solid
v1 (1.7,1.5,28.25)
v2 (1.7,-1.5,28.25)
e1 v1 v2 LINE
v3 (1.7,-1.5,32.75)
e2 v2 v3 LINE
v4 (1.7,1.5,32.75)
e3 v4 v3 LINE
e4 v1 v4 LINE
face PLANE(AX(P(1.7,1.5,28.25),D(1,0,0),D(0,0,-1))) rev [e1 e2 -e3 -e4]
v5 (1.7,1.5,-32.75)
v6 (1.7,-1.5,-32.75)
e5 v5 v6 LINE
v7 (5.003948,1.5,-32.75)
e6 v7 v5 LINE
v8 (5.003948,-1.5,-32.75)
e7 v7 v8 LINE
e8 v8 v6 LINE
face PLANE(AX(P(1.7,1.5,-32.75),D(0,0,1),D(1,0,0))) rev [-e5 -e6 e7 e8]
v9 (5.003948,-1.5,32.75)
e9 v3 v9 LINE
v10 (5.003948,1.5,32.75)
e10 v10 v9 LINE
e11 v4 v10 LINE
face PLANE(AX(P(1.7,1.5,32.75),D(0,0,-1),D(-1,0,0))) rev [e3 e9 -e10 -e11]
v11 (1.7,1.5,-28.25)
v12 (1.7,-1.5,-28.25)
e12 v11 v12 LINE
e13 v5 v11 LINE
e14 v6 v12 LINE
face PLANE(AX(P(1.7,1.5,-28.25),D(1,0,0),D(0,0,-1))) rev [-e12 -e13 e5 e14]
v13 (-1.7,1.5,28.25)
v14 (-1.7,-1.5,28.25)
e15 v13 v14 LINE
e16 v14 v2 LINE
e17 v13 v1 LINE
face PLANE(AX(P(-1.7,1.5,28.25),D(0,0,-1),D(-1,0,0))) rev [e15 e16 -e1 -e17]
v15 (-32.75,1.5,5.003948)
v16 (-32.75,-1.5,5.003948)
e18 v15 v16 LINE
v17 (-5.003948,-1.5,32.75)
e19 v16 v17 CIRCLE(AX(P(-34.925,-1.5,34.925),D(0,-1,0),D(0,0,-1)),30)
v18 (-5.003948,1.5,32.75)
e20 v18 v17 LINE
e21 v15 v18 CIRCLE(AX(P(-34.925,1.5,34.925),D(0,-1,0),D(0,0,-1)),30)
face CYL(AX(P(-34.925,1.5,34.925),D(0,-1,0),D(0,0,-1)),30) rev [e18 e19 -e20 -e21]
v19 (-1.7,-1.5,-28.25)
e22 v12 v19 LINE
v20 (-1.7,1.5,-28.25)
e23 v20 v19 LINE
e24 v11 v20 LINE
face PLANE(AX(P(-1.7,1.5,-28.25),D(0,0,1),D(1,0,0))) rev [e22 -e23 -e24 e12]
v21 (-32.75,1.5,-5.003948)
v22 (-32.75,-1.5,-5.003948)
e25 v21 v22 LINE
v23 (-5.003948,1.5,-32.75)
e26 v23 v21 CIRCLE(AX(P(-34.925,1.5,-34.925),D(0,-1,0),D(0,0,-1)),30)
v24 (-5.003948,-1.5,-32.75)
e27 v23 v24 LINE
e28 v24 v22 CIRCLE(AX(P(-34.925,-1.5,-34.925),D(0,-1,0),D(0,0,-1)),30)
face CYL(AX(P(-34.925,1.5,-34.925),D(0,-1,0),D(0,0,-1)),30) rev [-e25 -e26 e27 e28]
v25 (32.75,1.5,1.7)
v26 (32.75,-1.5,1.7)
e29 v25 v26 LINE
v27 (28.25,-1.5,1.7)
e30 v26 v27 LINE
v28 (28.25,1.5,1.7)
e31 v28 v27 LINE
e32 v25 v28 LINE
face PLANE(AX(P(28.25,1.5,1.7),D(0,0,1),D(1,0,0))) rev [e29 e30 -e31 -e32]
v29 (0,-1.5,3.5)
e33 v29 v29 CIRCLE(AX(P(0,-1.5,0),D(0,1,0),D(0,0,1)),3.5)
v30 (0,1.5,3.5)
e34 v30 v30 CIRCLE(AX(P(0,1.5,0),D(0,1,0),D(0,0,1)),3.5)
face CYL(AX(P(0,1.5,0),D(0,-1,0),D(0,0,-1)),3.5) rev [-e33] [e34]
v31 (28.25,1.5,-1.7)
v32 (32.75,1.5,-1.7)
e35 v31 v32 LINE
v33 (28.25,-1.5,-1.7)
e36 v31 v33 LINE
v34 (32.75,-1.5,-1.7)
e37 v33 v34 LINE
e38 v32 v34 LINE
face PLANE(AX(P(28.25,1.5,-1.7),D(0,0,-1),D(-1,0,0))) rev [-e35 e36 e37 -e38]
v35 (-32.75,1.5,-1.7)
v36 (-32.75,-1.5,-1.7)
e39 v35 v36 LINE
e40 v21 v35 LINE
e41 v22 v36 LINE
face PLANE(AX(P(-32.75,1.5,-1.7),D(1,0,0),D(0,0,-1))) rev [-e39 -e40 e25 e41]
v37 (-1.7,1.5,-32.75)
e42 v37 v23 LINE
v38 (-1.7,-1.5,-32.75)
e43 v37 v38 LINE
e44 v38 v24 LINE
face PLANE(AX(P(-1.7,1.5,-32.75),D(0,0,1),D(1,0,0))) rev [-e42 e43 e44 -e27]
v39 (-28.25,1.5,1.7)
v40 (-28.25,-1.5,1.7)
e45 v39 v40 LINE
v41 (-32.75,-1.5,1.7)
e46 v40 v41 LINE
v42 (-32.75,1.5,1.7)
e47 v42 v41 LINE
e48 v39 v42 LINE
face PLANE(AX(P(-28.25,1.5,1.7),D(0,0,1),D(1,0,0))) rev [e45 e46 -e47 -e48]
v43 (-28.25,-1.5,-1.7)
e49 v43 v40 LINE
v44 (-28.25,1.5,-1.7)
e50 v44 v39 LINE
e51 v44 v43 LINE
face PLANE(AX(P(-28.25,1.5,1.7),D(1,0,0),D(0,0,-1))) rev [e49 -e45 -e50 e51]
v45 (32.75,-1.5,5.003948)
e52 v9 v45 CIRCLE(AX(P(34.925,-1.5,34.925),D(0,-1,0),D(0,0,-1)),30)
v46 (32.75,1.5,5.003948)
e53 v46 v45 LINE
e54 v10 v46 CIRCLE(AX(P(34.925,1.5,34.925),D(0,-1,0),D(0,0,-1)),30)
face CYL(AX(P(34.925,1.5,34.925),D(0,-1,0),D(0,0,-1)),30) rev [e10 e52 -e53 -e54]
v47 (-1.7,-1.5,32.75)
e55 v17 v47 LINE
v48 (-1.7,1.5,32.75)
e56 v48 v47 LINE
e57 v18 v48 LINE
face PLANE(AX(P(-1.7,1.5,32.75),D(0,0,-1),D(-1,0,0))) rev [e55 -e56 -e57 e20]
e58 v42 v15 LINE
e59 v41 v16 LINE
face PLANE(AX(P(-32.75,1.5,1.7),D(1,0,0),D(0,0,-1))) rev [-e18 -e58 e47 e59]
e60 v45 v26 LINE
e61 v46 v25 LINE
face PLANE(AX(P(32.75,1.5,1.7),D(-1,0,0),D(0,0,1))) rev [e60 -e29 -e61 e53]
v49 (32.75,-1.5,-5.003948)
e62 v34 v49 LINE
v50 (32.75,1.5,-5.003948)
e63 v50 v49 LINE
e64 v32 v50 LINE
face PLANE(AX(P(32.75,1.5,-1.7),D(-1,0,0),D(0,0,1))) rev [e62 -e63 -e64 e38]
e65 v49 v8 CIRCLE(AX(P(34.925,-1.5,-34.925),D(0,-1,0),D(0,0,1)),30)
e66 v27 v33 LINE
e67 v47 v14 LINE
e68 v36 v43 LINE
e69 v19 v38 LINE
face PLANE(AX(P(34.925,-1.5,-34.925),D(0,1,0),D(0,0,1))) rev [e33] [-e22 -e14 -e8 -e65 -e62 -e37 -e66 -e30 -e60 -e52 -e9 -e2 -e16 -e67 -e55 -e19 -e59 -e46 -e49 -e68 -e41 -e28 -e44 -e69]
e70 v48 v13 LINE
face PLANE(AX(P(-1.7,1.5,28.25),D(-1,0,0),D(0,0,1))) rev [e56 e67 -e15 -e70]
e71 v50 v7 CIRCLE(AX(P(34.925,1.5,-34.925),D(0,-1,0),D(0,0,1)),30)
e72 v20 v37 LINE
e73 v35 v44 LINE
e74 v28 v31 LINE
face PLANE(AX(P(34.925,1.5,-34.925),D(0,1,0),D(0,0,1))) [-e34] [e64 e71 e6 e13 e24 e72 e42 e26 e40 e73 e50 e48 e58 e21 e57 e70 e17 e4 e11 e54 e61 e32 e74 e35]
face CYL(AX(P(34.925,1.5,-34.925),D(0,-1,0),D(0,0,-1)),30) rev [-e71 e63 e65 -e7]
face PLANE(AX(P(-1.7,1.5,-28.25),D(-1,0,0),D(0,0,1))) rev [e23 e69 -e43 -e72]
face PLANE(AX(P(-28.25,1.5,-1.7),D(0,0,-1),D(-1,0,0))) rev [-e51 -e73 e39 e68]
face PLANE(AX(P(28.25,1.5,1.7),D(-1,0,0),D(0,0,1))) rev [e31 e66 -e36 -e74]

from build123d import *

# Parameters (mm, degrees)
SKETCH1_R           = 3.5
BOSS_EXTRUDE1_DEPTH = 1.5


with BuildPart() as part:
    # Sketch1 → Boss-Extrude1 (new, symmetric)
    with BuildSketch(Plane(origin=(0, 0, 0), x_dir=(1, 0, 0), z_dir=(0, 1, 0))):
        with BuildLine():
            Line((-1.7, 28.25), (1.7, 28.25))
            Line((1.7, 28.25), (1.7, 32.75))
            Line((1.7, 32.75), (5.003947629, 32.75))
            ThreePointArc((5.003947629, 32.75), (13.711796564, 13.711796564), (32.75, 5.003947629))
            Line((32.75, 5.003947629), (32.75, 1.7))
            Line((32.75, 1.7), (28.25, 1.7))
            Line((28.25, 1.7), (28.25, -1.7))
            Line((28.25, -1.7), (32.75, -1.7))
            Line((32.75, -1.7), (32.75, -5.003947629))
            ThreePointArc((32.75, -5.003947629), (13.711796564, -13.711796564), (5.003947629, -32.75))
            Line((5.003947629, -32.75), (1.7, -32.75))
            Line((1.7, -32.75), (1.7, -28.25))
            Line((1.7, -28.25), (-1.7, -28.25))
            Line((-1.7, -28.25), (-1.7, -32.75))
            Line((-1.7, -32.75), (-5.003947629, -32.75))
            ThreePointArc((-5.003947629, -32.75), (-13.711796564, -13.711796564), (-32.75, -5.003947629))
            Line((-32.75, -5.003947629), (-32.75, -1.7))
            Line((-32.75, -1.7), (-28.25, -1.7))
            Line((-28.25, -1.7), (-28.25, 1.7))
            Line((-28.25, 1.7), (-32.75, 1.7))
            Line((-32.75, 1.7), (-32.75, 5.003947629))
            ThreePointArc((-32.75, 5.003947629), (-13.711796564, 13.711796564), (-5.003947629, 32.75))
            Line((-5.003947629, 32.75), (-1.7, 32.75))
            Line((-1.7, 32.75), (-1.7, 28.25))
        make_face()
        with Locations(Location((0, 0, 0), (0, 0, 270))):
            Circle(SKETCH1_R, mode=Mode.SUBTRACT)
    extrude(amount=BOSS_EXTRUDE1_DEPTH, both=True)


solid = part.part
